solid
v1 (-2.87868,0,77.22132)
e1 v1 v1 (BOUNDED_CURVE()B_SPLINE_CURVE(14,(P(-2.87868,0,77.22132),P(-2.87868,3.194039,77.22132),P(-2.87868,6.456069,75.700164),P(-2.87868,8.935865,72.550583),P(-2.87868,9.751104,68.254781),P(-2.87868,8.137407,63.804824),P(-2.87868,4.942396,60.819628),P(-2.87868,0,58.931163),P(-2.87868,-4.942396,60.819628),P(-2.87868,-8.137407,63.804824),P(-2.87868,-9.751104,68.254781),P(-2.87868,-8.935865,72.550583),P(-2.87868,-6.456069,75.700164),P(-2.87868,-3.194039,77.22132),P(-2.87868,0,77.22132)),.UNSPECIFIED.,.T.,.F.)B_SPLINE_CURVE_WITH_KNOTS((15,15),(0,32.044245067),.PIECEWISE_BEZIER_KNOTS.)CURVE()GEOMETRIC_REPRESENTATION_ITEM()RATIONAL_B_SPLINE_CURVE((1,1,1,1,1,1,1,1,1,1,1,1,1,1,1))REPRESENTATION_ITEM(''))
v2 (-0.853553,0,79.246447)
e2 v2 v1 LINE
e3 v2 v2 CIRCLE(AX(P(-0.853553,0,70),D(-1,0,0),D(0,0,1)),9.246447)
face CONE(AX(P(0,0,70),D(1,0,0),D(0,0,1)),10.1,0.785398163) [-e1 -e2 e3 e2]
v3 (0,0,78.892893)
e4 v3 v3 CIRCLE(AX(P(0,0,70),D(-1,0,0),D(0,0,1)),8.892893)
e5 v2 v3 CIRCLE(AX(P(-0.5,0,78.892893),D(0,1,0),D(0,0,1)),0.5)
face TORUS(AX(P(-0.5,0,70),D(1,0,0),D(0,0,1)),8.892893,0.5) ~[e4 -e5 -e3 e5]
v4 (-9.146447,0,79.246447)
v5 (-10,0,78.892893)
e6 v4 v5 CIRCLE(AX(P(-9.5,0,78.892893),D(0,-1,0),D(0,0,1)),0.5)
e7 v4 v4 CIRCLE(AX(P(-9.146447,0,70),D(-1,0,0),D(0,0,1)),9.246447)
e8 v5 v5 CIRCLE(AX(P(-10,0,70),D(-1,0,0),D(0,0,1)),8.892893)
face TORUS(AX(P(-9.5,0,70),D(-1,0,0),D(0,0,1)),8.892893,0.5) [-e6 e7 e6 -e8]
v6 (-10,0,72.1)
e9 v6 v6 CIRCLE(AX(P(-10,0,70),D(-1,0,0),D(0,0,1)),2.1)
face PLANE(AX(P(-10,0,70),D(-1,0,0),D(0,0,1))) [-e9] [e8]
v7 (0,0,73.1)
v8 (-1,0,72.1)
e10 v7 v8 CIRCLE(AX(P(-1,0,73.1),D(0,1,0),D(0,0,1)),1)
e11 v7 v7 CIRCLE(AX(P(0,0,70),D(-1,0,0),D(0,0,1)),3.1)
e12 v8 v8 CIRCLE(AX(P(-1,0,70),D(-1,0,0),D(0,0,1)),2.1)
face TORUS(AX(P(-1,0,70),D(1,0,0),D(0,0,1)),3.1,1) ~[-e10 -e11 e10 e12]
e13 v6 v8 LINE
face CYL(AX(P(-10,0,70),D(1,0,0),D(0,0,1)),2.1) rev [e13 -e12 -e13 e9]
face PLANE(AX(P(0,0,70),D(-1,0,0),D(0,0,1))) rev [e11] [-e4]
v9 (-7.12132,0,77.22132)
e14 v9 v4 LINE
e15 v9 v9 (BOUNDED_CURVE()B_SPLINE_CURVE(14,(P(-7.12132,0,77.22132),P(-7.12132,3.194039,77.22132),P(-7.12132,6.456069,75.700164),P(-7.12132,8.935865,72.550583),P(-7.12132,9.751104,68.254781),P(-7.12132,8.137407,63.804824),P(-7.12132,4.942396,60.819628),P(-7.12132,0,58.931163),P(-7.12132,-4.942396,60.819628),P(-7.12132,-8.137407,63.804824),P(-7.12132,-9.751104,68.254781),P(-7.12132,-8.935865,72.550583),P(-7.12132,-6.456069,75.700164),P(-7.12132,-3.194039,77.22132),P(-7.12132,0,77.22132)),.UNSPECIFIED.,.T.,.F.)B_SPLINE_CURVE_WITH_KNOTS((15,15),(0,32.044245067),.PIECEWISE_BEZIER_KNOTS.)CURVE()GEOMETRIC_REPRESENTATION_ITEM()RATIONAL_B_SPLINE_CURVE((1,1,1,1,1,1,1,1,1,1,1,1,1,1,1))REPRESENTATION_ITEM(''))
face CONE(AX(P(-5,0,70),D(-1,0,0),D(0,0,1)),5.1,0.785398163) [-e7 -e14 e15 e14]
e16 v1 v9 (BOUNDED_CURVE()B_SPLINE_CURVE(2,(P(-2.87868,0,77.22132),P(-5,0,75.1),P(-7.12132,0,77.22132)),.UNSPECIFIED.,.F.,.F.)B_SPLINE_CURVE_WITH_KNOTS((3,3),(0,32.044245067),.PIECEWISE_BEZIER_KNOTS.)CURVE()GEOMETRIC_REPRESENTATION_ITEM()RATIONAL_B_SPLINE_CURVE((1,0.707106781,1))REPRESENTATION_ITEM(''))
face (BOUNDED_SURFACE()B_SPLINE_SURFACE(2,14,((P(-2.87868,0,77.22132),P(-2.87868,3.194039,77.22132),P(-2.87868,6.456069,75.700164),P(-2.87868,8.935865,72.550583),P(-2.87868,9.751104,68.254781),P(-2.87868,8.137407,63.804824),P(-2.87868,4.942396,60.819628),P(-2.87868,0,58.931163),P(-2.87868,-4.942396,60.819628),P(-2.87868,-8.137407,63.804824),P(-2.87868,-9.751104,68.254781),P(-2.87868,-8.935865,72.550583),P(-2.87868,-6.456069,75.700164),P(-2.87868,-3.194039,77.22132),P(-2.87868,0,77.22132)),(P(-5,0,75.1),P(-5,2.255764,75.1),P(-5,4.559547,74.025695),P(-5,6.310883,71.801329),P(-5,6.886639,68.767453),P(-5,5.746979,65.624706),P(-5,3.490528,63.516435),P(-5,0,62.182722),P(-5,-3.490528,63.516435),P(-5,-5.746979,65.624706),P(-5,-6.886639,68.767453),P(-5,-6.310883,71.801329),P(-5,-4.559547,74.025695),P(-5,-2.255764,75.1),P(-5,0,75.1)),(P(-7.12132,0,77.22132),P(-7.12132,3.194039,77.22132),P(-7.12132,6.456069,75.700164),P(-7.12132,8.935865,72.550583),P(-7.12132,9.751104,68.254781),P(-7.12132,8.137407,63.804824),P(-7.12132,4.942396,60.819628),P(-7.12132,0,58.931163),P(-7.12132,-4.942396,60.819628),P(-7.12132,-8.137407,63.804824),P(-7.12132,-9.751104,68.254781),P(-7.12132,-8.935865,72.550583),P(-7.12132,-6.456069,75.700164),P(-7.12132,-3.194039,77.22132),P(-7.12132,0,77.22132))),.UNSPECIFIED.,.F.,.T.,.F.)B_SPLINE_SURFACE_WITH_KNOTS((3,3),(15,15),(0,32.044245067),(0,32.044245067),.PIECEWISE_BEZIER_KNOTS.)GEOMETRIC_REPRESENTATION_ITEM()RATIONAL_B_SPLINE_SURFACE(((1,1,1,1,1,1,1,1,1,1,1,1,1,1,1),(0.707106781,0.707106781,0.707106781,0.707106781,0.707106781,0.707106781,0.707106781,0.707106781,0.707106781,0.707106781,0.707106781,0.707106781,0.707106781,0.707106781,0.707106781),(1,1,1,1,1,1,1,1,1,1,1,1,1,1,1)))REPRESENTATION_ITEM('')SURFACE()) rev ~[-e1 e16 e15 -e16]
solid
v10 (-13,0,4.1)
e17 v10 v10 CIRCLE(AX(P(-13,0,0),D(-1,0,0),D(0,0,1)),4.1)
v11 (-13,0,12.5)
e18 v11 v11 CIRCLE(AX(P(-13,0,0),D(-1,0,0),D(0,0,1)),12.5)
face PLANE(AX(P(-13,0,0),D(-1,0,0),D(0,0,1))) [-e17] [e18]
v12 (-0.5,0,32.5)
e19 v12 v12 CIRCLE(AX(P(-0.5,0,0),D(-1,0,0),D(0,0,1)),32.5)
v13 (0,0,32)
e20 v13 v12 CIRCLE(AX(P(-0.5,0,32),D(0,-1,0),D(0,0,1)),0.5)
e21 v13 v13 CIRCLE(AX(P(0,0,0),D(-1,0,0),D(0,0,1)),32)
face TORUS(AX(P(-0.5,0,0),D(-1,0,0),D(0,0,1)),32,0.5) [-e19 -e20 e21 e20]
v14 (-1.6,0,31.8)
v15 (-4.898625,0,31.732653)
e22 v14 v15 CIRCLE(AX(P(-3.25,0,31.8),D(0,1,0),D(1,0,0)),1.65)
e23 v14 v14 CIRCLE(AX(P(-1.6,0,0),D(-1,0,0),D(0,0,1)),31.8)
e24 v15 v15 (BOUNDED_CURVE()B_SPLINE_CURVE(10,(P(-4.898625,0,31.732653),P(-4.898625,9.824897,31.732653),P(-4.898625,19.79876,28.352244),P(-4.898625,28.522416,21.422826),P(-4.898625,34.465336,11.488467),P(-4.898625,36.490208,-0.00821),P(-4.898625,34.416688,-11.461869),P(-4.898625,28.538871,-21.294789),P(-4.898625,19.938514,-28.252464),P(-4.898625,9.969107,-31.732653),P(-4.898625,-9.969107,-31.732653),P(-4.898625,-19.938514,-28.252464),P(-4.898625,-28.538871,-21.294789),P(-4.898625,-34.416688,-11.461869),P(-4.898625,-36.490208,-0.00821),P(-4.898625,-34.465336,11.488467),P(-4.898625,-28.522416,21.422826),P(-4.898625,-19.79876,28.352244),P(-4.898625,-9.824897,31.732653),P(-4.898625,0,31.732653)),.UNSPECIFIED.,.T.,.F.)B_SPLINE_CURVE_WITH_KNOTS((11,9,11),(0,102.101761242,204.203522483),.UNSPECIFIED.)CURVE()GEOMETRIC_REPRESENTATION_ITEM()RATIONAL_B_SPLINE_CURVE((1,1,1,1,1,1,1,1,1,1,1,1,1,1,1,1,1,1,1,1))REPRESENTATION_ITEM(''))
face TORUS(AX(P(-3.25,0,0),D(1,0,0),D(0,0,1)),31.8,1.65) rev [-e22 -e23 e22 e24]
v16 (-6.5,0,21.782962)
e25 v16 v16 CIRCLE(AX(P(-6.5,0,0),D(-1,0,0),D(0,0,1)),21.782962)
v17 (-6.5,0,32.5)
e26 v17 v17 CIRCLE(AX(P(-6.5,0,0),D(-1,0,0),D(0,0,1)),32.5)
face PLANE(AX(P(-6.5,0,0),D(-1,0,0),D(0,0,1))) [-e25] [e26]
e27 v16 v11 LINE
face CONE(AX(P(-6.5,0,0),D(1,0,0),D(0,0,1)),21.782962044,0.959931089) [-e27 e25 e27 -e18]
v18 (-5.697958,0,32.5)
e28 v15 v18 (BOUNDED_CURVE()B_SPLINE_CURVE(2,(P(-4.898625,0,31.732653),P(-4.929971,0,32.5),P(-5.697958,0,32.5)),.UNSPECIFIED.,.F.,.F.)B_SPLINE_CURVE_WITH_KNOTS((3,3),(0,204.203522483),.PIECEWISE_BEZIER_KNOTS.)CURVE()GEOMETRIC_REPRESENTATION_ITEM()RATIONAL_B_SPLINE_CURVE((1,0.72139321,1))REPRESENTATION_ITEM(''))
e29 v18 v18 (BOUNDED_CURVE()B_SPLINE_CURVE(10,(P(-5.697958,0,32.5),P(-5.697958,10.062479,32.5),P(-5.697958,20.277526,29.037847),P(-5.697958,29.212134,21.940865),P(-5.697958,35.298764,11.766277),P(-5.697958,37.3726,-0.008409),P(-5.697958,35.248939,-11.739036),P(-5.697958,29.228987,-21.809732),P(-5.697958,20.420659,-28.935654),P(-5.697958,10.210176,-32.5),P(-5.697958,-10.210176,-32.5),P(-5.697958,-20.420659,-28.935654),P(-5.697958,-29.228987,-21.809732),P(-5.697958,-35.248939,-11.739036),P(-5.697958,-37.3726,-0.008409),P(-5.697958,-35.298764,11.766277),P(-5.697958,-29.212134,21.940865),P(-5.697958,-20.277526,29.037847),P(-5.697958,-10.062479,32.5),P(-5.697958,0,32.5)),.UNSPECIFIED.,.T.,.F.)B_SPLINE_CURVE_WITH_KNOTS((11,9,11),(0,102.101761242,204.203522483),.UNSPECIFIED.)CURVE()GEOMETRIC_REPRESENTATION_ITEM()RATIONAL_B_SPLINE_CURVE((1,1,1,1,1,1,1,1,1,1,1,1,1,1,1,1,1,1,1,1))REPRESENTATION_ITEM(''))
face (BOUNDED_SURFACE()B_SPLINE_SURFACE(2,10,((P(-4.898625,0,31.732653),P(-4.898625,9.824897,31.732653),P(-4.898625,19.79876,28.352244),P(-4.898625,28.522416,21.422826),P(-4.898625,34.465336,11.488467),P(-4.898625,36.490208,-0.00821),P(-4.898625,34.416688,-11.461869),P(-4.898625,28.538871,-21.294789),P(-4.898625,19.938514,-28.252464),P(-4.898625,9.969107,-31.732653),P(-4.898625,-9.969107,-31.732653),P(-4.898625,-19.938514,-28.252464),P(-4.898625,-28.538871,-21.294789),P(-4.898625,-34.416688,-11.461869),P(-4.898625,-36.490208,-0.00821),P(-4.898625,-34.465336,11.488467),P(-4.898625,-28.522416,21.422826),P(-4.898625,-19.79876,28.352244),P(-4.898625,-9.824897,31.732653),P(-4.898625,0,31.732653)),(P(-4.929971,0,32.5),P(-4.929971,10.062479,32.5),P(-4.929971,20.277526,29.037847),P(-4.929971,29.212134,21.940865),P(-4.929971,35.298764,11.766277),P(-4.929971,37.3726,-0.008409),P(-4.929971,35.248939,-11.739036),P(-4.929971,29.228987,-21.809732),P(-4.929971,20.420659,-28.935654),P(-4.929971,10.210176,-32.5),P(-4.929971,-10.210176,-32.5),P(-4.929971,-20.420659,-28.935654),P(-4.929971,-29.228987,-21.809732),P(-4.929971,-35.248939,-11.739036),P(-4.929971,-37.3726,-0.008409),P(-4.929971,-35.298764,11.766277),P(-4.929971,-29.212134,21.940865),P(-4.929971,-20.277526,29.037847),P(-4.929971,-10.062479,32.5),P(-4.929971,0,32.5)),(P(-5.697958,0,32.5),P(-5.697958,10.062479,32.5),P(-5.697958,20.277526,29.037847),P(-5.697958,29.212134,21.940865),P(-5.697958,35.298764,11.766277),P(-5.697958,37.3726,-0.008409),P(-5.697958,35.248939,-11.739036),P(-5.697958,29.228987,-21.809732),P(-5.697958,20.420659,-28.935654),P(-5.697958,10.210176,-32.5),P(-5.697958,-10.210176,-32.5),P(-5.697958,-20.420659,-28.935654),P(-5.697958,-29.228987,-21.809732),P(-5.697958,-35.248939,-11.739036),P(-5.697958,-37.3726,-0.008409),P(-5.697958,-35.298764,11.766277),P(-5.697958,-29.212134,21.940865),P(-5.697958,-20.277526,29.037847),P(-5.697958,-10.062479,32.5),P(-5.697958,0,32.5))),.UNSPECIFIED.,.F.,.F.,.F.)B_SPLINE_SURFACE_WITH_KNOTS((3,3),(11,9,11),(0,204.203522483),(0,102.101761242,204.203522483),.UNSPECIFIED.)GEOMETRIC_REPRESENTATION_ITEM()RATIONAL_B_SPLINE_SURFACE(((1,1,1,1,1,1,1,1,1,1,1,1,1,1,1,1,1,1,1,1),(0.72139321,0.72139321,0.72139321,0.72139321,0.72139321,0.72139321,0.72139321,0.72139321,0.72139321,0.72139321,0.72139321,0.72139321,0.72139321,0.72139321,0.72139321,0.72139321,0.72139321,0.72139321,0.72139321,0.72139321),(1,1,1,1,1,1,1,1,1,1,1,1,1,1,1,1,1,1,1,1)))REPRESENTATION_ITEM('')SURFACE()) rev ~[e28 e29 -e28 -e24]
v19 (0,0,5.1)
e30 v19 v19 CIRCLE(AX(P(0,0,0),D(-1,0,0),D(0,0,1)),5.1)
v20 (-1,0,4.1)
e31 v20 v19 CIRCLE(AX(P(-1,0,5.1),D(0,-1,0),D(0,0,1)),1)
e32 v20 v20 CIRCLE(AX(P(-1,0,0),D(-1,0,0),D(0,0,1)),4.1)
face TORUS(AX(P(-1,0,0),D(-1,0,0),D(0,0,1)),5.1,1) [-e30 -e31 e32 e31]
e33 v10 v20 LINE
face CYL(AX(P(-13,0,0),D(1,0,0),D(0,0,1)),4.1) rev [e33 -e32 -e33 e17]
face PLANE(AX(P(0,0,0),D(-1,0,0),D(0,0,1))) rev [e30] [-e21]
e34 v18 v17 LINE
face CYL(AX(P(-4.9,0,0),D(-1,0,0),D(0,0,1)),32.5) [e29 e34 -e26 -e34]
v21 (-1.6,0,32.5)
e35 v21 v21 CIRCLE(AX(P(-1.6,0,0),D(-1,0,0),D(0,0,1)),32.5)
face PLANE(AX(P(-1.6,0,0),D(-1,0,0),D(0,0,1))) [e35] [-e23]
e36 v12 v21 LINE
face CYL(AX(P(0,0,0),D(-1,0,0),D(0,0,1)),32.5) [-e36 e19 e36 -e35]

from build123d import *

# Parameters (mm, degrees)
F2_R = 1
F3_R = 0.5
F4_R = 0.8
F7_R = 3
F8_R = 0.5
F9_R = 1


with BuildPart() as f1:
    # F0 (on Front) → F1 (revolve)
    with BuildSketch(Plane.XZ):
        with BuildLine():
            Line((-13, 4.1), (0, 4.1))
            Line((0, 4.1), (0, 32.5))
            Line((0, 32.5), (-1.6, 32.5))
            Line((-1.6, 32.5), (-1.6, 31.8))
            ThreePointArc((-1.6, 31.8), (-3.25, 30.15), (-4.9, 31.8))
            Line((-4.9, 31.8), (-4.9, 32.5))
            Line((-4.9, 32.5), (-6.5, 32.5))
            Line((-6.5, 32.5), (-6.5, 21.7829620438))
            Line((-6.5, 21.7829620438), (-13, 12.5))
            Line((-13, 12.5), (-13, 4.1))
        make_face()
    revolve(axis=Axis((-13.3552476764, 0, 0), (-1, 0, 0)))

    # F2
    f2_edges = [f1.edges().sort_by_distance(p)[0] for p in [
        (0, 0, -4.1),
    ]]
    fillet(f2_edges, radius=F2_R)

    # F3
    f3_edges = [f1.edges().sort_by_distance(p)[0] for p in [
        (0, 0, -32.5),
    ]]
    fillet(f3_edges, radius=F3_R)

    # F4
    f4_edges = [f1.edges().sort_by_distance(p)[0] for p in [
        (-4.9, 0, -32.5),
    ]]
    fillet(f4_edges, radius=F4_R)


with BuildPart() as f6:
    # F5 (on Front) → F6 (revolve)
    with BuildSketch(Plane.XZ):
        Polygon((-10, 72.1), (0, 72.1), (0, 80.1), (-5, 75.1), (-10, 80.1), align=None)
    revolve(axis=Axis((-25.125890044, 0, 70), (-1, 0, 0)))

    # F7
    f7_edges = [f6.edges().sort_by_distance(p)[0] for p in [
        (-5, 0, 64.9),
    ]]
    fillet(f7_edges, radius=F7_R)

    # F8
    f8_edges = [f6.edges().sort_by_distance(p)[0] for p in [
        (0, 0, 59.9),
        (-10, 0, 59.9),
    ]]
    fillet(f8_edges, radius=F8_R)

    # F9
    f9_edges = [f6.edges().sort_by_distance(p)[0] for p in [
        (0, 0, 67.9),
    ]]
    fillet(f9_edges, radius=F9_R)


solid = Compound([f1.part, f6.part])
